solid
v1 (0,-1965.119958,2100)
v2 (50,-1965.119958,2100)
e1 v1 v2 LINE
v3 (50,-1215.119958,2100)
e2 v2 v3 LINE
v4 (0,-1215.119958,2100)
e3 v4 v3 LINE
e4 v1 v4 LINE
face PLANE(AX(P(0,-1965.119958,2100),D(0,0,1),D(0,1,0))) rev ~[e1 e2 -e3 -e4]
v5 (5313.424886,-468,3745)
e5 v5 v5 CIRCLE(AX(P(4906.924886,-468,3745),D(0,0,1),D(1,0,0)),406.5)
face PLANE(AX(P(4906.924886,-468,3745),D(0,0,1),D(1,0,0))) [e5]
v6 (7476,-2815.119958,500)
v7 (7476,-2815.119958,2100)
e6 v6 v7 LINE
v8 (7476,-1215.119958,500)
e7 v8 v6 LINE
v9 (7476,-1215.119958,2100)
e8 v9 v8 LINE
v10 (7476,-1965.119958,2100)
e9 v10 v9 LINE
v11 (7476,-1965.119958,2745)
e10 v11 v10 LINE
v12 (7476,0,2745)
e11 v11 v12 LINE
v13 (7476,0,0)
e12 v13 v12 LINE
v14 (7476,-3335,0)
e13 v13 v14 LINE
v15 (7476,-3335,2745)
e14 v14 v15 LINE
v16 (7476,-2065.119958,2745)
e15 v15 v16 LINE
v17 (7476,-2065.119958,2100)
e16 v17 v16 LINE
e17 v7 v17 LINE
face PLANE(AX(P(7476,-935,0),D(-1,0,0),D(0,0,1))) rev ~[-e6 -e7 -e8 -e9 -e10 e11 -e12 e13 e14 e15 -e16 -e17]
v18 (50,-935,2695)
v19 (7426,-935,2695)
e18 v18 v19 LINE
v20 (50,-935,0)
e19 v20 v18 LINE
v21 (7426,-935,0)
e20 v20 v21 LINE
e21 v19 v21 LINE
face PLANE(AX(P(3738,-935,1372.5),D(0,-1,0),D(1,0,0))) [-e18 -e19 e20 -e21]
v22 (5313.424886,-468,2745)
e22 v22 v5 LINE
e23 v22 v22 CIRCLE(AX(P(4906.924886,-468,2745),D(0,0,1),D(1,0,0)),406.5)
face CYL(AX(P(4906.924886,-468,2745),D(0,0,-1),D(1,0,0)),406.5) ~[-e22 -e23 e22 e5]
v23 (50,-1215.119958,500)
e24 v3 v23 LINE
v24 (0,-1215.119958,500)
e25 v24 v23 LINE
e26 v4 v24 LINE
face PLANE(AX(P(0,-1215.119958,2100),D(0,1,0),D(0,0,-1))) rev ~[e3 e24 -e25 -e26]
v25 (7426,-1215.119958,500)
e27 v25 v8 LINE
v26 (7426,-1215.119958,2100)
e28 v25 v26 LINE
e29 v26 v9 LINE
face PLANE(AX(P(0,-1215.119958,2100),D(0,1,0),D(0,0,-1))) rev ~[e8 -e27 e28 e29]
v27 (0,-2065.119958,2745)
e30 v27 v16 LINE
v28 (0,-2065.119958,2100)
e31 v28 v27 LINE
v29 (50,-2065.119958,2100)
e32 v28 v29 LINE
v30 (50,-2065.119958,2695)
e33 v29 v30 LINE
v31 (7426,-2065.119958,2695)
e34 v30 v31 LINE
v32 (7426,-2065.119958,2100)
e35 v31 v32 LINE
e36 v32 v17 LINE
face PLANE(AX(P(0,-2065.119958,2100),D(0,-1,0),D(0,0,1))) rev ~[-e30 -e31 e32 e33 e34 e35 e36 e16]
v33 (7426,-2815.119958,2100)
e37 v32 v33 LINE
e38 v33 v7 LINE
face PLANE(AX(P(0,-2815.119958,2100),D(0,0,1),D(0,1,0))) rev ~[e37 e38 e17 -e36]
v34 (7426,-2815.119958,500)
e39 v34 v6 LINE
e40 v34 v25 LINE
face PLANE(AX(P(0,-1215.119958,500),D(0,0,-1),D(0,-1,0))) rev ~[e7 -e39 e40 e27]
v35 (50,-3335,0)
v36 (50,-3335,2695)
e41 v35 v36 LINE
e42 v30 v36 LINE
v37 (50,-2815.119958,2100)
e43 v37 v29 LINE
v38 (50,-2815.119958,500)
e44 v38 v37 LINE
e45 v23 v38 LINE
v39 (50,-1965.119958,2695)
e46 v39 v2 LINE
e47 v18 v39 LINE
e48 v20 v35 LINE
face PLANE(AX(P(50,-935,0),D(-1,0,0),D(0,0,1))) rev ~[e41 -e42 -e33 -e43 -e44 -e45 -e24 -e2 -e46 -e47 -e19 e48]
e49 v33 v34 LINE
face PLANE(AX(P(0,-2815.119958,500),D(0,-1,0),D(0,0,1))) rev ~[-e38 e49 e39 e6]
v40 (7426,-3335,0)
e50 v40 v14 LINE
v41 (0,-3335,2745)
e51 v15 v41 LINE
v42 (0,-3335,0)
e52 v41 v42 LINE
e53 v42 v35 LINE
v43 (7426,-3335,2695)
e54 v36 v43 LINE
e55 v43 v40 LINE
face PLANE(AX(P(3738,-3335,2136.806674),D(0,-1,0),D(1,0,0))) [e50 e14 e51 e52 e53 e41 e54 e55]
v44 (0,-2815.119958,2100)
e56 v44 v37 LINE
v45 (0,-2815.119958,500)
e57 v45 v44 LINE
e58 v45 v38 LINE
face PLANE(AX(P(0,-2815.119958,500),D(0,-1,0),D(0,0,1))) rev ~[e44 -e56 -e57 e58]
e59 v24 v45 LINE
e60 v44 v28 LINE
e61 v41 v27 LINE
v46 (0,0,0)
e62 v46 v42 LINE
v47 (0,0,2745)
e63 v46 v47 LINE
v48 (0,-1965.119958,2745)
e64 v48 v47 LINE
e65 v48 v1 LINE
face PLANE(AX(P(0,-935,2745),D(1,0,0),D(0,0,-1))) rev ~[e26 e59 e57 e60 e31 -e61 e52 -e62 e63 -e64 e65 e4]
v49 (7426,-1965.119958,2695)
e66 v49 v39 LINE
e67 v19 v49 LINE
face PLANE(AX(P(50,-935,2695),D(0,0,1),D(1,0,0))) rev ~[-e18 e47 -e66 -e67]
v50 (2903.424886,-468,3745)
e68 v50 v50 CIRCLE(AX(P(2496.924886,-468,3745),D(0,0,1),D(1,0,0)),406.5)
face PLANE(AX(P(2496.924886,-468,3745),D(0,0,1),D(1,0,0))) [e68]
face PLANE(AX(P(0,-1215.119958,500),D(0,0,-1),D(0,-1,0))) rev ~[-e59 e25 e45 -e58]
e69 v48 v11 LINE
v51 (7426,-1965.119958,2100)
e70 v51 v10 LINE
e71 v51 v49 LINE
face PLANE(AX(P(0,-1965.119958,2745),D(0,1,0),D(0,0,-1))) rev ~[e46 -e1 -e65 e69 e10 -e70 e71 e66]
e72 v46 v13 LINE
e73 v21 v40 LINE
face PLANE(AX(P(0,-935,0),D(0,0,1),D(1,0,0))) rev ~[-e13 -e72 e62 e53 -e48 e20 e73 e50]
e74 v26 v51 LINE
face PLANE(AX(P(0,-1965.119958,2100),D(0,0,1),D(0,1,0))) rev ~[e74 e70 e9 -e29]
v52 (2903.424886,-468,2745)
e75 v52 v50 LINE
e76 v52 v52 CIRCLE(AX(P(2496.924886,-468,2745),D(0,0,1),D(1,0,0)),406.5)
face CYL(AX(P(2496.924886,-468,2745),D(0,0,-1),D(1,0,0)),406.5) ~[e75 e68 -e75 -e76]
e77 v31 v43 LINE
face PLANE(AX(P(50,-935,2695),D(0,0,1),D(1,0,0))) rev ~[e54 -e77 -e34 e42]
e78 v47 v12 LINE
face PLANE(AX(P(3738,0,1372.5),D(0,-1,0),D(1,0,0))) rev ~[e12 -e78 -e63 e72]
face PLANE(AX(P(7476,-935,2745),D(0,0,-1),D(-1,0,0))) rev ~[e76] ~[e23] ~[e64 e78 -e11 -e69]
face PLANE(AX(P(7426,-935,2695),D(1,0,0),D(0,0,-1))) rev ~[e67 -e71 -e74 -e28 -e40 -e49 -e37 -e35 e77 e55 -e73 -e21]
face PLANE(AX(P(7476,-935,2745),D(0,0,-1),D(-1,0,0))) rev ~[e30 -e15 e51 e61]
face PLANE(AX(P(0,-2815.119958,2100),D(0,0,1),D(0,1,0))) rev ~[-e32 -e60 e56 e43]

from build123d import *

# Parameters (mm, degrees)
F0_W     = 7476
F0_H     = 2745
F1_DEPTH = 935
F3_R     = 406.5
F4_DEPTH = 1000
F6_DEPTH = 2400
F8_DEPTH = 7476.001


with BuildPart() as f1:
    # F0 (on Front) → F1 (new body)
    with BuildSketch(Plane.XZ):
        with Locations((3738, 1372.5)):
            Rectangle(F0_W, F0_H)
    extrude(amount=F1_DEPTH)

    # F3 (on face) → F4 (join)
    with BuildSketch(Plane.XY.offset(2745)):
        with Locations((2496.924886, -468)):
            Circle(F3_R)
        with Locations((4906.924886, -468)):
            Circle(F3_R)
    extrude(amount=F4_DEPTH)

    # F5 (on face) → F6 (join)
    with BuildSketch(Plane.XZ.offset(935)):
        Polygon((0, 2745), (0, 0), (50, 0), (50, 2695), (7426, 2695), (7426, 0), (7476, 0), (7476, 2745), align=None)
    extrude(amount=F6_DEPTH)

    # F7 (on face) → F8 (cut, through all)
    with BuildSketch(Plane(origin=(0, 0, 0), x_dir=(0, -1, 0), z_dir=(-1, 0, 0))):
        Polygon((2065.119958, 2745), (1965.119958, 2745), (1965.119958, 2100), (1215.119958, 2100), (1215.119958, 500), (2815.119958, 500), (2815.119958, 2100), (2065.119958, 2100), align=None)
    extrude(amount=-F8_DEPTH, mode=Mode.SUBTRACT)


solid = f1.part
